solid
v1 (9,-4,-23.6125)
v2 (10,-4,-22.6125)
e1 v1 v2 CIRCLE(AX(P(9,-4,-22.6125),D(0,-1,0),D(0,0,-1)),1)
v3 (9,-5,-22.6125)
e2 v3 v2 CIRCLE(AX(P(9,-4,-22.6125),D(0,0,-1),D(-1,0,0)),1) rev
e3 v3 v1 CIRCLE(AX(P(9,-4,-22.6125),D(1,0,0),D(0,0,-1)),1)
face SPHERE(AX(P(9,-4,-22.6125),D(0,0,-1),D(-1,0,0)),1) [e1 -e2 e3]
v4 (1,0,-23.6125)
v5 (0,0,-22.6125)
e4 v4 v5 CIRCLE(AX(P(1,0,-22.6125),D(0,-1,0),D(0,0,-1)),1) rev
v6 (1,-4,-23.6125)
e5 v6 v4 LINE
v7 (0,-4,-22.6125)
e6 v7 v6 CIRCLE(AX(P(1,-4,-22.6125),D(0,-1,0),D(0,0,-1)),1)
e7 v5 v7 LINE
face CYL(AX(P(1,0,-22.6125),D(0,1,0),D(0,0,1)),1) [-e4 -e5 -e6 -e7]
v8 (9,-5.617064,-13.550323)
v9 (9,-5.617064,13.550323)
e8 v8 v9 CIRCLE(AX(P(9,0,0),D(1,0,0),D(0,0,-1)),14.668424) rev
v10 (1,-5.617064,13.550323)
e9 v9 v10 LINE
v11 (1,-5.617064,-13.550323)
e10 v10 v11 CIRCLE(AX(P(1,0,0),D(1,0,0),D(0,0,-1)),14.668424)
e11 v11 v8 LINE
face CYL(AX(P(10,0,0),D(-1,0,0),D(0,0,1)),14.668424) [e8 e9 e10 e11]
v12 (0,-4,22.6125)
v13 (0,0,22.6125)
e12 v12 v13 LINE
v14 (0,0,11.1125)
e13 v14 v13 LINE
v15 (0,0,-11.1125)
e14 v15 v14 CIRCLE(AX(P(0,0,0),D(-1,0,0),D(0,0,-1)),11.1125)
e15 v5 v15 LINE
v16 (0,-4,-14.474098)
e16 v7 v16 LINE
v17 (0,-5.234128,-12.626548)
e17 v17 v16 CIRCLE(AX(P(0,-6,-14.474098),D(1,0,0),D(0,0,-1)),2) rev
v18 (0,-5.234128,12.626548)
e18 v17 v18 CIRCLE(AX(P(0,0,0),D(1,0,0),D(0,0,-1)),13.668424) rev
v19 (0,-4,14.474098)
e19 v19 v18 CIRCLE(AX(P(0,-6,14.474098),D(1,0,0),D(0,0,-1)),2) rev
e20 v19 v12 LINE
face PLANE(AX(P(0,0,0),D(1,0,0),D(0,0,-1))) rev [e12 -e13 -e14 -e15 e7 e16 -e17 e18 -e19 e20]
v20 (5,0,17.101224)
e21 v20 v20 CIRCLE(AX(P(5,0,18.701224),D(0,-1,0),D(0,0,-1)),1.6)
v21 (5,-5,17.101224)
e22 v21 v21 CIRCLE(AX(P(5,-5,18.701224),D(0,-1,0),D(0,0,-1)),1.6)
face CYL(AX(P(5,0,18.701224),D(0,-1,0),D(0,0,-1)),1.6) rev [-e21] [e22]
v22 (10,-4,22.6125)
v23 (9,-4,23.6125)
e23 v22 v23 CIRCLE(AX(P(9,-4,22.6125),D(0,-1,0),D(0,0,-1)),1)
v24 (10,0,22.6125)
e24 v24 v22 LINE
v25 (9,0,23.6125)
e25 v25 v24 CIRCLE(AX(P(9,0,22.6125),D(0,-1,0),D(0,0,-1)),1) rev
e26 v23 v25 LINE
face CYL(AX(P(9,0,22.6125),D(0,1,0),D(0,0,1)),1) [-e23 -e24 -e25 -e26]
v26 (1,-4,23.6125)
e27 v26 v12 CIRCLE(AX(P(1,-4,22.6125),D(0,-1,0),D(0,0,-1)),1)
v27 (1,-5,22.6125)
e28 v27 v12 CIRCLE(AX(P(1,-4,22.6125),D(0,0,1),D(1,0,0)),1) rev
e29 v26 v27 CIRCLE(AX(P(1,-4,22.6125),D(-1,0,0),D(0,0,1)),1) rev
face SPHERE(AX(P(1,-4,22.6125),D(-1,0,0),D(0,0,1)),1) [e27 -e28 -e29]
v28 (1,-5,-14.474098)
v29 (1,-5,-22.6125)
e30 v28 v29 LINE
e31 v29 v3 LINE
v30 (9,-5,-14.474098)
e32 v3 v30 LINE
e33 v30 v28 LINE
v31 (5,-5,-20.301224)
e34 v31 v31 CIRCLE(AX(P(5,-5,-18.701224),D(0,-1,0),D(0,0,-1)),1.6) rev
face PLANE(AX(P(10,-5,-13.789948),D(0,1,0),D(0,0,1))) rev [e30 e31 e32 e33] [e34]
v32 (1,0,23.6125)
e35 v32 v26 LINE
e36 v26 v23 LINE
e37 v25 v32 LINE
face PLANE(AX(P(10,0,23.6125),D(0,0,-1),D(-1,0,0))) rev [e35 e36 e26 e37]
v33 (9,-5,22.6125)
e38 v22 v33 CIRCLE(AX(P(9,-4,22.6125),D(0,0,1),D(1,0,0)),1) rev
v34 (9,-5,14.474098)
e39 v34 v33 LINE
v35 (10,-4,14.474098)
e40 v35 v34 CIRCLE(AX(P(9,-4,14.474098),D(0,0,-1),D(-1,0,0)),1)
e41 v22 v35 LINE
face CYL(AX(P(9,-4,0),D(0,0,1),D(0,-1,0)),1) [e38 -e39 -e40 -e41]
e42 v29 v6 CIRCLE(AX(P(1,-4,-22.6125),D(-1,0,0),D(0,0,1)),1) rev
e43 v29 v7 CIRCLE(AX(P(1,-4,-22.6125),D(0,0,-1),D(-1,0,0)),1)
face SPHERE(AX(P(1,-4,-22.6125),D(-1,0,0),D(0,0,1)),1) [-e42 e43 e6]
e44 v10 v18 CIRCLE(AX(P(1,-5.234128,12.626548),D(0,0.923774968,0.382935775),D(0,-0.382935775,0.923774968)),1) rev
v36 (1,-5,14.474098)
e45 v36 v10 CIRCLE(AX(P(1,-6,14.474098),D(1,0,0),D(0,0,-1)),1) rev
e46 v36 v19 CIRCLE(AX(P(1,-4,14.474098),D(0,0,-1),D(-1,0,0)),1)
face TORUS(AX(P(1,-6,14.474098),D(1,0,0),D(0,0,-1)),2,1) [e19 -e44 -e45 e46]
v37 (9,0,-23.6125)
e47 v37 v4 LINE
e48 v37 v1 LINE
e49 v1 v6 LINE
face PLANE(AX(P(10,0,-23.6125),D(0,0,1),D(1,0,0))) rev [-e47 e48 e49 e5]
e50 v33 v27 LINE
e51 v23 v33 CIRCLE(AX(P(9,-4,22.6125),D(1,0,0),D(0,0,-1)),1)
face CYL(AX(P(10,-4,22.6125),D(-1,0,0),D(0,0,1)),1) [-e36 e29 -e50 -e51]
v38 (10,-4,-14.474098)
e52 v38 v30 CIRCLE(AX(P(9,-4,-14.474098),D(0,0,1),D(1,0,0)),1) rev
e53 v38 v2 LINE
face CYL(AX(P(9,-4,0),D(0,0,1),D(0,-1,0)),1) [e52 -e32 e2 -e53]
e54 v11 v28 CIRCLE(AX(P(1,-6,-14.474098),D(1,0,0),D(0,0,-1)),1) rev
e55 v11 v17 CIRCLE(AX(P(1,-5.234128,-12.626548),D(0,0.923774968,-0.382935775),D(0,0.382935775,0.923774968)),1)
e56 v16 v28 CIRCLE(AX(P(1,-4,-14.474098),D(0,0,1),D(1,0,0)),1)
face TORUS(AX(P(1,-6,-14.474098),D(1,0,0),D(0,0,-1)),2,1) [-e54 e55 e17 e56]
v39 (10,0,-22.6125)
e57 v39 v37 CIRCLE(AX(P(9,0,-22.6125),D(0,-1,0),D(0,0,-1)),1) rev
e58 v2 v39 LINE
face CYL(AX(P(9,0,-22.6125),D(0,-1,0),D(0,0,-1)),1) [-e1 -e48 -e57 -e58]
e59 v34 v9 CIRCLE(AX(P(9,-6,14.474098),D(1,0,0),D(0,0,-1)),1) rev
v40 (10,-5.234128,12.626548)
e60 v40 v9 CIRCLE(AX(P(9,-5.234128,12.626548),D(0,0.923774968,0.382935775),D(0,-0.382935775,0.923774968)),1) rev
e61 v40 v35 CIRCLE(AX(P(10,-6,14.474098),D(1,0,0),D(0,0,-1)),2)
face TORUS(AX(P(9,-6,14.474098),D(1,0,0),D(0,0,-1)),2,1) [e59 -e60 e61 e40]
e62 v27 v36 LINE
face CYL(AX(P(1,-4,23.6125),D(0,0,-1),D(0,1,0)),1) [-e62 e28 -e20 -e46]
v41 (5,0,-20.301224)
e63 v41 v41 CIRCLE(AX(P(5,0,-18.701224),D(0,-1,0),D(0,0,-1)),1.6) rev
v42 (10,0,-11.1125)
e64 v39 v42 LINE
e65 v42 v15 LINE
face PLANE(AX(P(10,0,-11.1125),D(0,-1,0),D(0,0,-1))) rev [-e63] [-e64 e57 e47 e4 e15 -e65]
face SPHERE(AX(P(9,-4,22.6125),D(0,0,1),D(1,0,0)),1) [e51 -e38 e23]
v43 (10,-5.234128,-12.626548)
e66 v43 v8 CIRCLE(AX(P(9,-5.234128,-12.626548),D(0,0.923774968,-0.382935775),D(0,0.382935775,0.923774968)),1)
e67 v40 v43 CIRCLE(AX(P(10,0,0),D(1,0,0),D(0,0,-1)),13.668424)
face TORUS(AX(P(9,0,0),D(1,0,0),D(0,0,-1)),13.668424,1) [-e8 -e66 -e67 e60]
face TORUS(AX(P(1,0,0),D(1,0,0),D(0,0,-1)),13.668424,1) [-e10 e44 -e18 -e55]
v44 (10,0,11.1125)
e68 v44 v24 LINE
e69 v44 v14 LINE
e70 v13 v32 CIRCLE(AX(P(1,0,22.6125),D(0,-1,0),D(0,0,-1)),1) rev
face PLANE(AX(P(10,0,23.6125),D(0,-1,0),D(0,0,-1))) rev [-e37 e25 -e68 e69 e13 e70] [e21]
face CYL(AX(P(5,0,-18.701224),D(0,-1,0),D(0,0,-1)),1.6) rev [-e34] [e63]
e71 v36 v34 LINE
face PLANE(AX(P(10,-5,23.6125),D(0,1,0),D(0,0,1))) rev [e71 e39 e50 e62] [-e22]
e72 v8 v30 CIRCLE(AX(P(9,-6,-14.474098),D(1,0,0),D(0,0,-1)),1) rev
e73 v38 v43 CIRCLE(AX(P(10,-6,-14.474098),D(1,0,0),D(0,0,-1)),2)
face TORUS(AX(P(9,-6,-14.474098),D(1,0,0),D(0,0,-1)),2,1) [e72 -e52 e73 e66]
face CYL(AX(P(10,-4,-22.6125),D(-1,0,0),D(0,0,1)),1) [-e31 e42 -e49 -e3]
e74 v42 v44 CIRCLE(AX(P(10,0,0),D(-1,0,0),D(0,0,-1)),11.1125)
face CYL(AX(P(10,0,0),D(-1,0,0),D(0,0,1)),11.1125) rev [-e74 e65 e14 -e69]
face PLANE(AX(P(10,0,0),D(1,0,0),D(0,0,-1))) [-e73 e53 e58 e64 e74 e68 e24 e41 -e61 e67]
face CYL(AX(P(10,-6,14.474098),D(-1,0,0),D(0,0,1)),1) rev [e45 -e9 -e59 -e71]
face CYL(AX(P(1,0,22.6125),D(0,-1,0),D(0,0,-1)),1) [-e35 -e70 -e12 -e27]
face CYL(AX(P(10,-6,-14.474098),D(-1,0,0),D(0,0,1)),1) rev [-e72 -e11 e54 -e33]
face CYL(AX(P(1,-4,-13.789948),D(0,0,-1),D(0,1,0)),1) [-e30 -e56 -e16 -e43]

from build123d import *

# Parameters (mm, degrees)
CLAMP_EXTRUDE_DEPTH     = 10
HOLE_R                  = 1.6
HOLES_CUT_EXTRUDE_DEPTH = 6
FILLET1_R               = 1


with BuildPart() as part:
    # Sketch4 → Clamp Extrude (new body)
    with BuildSketch(Plane(origin=(0, 0, 0), x_dir=(0, 0, -1), z_dir=(1, 0, 0))):
        with BuildLine():
            Line((-23.6125, 0), (-11.1125, 0))
            ThreePointArc((-11.1125, 0), (0, -11.1125), (11.1125, 0))
            Line((11.1125, 0), (23.6125, 0))
            Line((23.6125, 0), (23.6125, -5))
            Line((23.6125, -5), (13.789947652, -5))
            ThreePointArc((13.789947652, -5), (0, -14.668423782), (-13.789947652, -5))
            Line((-13.789947652, -5), (-23.6125, -5))
            Line((-23.6125, -5), (-23.6125, 0))
        make_face()
    extrude(amount=CLAMP_EXTRUDE_DEPTH)

    # Hole → Holes Cut-Extrude (cut, through all)
    with BuildSketch(Plane.XZ.offset(5)):
        with Locations((5, 18.701223826)):
            Circle(HOLE_R)
        with Locations((5, -18.701223826)):
            Circle(HOLE_R)
    extrude(amount=-HOLES_CUT_EXTRUDE_DEPTH, mode=Mode.SUBTRACT)

    # Fillet1
    fillet1_edges = [part.edges().sort_by_distance(p)[0] for p in [
        (0, -2.5, -23.6125),
        (0, -5, -18.701223826),
        (0, -14.668423782, 0),
        (10, -2.5, -23.6125),
        (5, -5, 13.789947652),
        (5, -5, 23.6125),
        (5, -5, -23.6125),
        (5, -5, -13.789947652),
        (10, -2.5, 23.6125),
        (10, -5, 18.701223826),
        (10, -14.668423782, 0),
        (0, -5, 18.701223826),
        (10, -5, -18.701223826),
        (0, -2.5, 23.6125),
    ]]
    fillet(fillet1_edges, radius=FILLET1_R)


solid = part.part
